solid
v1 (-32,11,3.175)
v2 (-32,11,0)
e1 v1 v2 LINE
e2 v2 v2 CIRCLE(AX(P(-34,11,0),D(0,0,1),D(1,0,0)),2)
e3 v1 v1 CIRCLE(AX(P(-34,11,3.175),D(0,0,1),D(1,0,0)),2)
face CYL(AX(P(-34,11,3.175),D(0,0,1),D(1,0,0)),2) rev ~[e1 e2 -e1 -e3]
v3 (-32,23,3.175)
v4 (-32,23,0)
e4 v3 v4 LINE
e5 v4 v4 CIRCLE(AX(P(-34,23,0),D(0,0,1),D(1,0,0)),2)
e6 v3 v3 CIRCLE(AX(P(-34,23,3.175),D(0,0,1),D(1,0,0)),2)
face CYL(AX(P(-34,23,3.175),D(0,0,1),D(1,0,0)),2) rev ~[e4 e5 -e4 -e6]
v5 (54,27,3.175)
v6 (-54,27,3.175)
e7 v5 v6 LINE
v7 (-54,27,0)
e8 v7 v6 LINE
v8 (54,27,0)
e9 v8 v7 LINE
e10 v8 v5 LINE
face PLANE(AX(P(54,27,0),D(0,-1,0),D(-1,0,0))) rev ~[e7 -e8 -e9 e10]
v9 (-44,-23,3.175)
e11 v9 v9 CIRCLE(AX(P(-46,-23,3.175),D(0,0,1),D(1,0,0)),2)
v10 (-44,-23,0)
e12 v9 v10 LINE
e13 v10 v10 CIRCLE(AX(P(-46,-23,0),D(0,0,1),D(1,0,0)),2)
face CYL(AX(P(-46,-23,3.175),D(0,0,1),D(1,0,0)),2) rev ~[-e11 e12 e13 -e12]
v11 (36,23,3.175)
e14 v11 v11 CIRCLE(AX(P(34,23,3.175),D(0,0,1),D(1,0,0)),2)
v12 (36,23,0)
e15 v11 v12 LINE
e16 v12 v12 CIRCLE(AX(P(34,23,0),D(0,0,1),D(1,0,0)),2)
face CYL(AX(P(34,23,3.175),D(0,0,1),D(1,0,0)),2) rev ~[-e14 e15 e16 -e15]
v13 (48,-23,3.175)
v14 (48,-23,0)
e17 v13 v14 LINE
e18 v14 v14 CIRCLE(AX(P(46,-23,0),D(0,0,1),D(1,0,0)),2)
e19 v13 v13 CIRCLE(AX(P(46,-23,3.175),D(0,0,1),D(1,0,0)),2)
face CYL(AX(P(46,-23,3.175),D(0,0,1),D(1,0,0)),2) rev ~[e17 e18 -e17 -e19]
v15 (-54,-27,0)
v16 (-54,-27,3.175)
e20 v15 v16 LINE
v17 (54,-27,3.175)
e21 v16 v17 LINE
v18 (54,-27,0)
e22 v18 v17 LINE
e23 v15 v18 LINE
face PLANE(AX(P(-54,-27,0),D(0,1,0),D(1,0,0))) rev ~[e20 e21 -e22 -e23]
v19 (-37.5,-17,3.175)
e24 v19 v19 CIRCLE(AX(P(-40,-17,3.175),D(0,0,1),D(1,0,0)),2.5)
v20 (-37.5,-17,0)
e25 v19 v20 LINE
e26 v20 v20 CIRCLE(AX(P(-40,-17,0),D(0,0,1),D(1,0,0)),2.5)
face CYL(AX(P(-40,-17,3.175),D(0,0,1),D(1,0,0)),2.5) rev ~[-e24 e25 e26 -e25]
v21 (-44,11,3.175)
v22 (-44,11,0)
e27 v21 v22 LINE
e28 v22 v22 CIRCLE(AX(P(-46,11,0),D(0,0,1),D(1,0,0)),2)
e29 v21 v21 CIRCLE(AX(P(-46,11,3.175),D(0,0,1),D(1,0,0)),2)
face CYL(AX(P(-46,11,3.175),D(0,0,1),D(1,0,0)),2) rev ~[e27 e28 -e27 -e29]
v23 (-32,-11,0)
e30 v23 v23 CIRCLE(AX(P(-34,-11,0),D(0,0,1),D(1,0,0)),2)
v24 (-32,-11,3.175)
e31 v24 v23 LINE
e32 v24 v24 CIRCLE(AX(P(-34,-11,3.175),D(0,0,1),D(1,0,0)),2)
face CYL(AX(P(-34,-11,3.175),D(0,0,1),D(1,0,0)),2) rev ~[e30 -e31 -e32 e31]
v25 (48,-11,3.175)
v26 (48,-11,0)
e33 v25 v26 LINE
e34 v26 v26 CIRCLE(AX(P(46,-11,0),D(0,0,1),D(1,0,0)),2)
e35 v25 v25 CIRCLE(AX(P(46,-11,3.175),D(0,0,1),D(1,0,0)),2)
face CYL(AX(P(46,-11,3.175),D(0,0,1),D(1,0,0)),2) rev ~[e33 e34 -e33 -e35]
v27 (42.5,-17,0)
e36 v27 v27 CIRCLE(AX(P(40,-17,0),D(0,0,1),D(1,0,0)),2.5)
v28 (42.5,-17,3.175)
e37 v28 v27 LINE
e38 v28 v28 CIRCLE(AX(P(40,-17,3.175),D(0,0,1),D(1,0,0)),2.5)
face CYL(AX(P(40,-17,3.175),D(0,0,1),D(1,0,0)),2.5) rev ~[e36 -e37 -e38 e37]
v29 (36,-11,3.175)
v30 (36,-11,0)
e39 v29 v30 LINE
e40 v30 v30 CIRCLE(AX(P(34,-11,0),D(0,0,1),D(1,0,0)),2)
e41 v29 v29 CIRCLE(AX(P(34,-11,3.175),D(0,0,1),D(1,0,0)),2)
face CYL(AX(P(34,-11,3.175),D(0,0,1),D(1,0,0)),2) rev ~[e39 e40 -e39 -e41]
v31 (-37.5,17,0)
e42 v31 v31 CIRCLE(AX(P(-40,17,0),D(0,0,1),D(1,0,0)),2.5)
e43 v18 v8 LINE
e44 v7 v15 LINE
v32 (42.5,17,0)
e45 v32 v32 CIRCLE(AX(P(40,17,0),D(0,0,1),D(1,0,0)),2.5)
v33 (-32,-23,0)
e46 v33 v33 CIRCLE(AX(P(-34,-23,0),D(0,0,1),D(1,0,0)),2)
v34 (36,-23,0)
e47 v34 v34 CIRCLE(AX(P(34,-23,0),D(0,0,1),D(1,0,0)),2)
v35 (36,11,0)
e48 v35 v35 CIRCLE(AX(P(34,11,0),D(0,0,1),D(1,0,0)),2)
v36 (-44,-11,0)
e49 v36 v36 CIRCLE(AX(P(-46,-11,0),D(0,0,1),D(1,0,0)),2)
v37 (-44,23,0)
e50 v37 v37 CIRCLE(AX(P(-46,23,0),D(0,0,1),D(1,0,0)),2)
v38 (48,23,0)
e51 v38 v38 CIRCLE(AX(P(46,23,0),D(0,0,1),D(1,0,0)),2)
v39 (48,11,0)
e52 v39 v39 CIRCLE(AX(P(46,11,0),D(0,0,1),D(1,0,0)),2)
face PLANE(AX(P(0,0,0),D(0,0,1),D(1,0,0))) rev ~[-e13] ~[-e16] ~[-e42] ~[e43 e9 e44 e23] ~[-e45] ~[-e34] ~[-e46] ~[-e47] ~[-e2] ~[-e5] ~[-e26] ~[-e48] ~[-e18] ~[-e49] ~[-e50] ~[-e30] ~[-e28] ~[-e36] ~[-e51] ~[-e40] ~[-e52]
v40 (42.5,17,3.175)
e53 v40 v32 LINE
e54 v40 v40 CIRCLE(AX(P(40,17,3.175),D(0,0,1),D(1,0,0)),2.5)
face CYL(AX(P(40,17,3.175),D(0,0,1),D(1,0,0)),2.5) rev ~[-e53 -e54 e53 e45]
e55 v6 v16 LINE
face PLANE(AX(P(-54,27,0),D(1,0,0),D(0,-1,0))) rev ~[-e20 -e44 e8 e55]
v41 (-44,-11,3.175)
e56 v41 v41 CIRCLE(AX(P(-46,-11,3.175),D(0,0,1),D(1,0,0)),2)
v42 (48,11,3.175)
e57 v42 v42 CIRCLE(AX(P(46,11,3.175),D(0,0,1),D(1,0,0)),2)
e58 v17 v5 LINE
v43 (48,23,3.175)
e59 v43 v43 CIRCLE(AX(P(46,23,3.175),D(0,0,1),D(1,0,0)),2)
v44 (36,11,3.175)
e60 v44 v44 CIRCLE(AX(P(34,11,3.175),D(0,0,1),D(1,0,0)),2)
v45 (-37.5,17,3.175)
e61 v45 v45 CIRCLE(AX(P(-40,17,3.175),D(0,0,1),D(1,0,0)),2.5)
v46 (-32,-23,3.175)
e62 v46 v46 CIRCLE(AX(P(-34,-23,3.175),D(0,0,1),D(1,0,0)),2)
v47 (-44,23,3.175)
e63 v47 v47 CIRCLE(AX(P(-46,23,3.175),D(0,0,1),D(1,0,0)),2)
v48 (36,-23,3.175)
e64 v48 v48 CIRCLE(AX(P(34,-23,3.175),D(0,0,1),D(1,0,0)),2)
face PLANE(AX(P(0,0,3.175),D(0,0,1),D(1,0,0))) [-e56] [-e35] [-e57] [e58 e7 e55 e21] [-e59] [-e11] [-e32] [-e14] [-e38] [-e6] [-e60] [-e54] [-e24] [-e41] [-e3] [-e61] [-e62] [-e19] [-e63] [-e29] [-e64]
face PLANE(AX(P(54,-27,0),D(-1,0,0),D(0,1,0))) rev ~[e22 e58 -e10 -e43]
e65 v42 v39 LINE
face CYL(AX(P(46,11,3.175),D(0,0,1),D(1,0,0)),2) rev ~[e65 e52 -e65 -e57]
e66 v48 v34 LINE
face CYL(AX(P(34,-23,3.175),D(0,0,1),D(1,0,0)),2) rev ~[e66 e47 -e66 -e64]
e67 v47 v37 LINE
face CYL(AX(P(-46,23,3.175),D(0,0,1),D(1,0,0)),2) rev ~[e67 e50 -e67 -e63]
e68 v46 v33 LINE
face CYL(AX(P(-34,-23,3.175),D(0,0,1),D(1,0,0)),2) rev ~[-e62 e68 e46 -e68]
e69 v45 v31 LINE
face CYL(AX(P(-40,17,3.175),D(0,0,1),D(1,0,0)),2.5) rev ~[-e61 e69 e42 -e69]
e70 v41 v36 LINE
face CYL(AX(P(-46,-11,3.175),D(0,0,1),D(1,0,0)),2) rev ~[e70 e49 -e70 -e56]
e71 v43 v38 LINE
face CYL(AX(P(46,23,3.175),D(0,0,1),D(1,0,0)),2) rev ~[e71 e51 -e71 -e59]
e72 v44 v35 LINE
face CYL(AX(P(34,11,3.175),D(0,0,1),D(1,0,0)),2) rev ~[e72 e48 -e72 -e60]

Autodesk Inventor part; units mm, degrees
ref_plane "YZ Plane" through (0, 0, 0) normal (1, 0, 0) x (0, 1, 0)
ref_plane "XZ Plane" through (0, 0, 0) normal (0, 1, 0) x (-1, 0, 0)
ref_plane "XY Plane" through (0, 0, 0) normal (0, 0, 1) x (1, 0, 0)
sketch "Sketch1" plane through (0, 0, 0) normal (0, 0, 1) x (1, 0, 0)
  line L0 (-54, -27) -> (54, -27)
  line L1 (54, -27) -> (54, 27)
  line L2 (54, 27) -> (-54, 27)
  line L3 (-54, 27) -> (-54, -27)
  line L4 (-54, -27) -> (54, 27) construction
  line L5 (54, -27) -> (-54, 27) construction
  point P0 (0, 0)
  dimension "d0" = 108
  dimension "d1" = 54
extrude "Extrusion1" add sketch "Sketch1" along normal blind 3.175
sketch "Sketch2" plane through (0, 0, 3.175) normal (0, 0, 1) x (1, 0, 0)
  line L0 (-54, -27) -> (54, -27) construction
  line L1 (54, -27) -> (54, 27) construction
  line L2 (54, 27) -> (-54, 27) construction
  line L3 (-54, 27) -> (-54, -27) construction
  line L4 (-54, -27) -> (54, -27) projected
  line L5 (0, 27) -> (0, -27) construction
  circle A0 centre (-40, -17) radius 2.5
  circle A1 centre (-46, -23) radius 2
  circle A2 centre (-34, -23) radius 2
  circle A3 centre (-34, -11) radius 2
  circle A4 centre (-46, -11) radius 2
  circle A5 centre (40, -17) radius 2.5
  circle A6 centre (46, -23) radius 2
  circle A7 centre (34, -23) radius 2
  circle A8 centre (34, -11) radius 2
  circle A9 centre (46, -11) radius 2
  line L6 (-54, 0) -> (54, 0) construction
  circle A10 centre (-40, 17) radius 2.5
  circle A11 centre (-46, 23) radius 2
  circle A12 centre (-34, 23) radius 2
  circle A13 centre (-34, 11) radius 2
  circle A14 centre (-46, 11) radius 2
  circle A15 centre (34, 11) radius 2
  circle A16 centre (34, 23) radius 2
  circle A17 centre (40, 17) radius 2.5
  circle A18 centre (46, 11) radius 2
  circle A19 centre (46, 23) radius 2
  point P0 (0, 0)
  point P1 (0, 0)
  point P2 (0, 0)
  dimension "d11" = 5
  dimension "d12" = 40
  dimension "d13" = 10
  dimension "d14" = 4
  dimension "d15" = 6
  dimension "d16" = 6
  dimension "d19" = 360
extrude "Extrusion2" cut sketch "Sketch2" against normal through all
properties part number "TurretMotorPlate"
